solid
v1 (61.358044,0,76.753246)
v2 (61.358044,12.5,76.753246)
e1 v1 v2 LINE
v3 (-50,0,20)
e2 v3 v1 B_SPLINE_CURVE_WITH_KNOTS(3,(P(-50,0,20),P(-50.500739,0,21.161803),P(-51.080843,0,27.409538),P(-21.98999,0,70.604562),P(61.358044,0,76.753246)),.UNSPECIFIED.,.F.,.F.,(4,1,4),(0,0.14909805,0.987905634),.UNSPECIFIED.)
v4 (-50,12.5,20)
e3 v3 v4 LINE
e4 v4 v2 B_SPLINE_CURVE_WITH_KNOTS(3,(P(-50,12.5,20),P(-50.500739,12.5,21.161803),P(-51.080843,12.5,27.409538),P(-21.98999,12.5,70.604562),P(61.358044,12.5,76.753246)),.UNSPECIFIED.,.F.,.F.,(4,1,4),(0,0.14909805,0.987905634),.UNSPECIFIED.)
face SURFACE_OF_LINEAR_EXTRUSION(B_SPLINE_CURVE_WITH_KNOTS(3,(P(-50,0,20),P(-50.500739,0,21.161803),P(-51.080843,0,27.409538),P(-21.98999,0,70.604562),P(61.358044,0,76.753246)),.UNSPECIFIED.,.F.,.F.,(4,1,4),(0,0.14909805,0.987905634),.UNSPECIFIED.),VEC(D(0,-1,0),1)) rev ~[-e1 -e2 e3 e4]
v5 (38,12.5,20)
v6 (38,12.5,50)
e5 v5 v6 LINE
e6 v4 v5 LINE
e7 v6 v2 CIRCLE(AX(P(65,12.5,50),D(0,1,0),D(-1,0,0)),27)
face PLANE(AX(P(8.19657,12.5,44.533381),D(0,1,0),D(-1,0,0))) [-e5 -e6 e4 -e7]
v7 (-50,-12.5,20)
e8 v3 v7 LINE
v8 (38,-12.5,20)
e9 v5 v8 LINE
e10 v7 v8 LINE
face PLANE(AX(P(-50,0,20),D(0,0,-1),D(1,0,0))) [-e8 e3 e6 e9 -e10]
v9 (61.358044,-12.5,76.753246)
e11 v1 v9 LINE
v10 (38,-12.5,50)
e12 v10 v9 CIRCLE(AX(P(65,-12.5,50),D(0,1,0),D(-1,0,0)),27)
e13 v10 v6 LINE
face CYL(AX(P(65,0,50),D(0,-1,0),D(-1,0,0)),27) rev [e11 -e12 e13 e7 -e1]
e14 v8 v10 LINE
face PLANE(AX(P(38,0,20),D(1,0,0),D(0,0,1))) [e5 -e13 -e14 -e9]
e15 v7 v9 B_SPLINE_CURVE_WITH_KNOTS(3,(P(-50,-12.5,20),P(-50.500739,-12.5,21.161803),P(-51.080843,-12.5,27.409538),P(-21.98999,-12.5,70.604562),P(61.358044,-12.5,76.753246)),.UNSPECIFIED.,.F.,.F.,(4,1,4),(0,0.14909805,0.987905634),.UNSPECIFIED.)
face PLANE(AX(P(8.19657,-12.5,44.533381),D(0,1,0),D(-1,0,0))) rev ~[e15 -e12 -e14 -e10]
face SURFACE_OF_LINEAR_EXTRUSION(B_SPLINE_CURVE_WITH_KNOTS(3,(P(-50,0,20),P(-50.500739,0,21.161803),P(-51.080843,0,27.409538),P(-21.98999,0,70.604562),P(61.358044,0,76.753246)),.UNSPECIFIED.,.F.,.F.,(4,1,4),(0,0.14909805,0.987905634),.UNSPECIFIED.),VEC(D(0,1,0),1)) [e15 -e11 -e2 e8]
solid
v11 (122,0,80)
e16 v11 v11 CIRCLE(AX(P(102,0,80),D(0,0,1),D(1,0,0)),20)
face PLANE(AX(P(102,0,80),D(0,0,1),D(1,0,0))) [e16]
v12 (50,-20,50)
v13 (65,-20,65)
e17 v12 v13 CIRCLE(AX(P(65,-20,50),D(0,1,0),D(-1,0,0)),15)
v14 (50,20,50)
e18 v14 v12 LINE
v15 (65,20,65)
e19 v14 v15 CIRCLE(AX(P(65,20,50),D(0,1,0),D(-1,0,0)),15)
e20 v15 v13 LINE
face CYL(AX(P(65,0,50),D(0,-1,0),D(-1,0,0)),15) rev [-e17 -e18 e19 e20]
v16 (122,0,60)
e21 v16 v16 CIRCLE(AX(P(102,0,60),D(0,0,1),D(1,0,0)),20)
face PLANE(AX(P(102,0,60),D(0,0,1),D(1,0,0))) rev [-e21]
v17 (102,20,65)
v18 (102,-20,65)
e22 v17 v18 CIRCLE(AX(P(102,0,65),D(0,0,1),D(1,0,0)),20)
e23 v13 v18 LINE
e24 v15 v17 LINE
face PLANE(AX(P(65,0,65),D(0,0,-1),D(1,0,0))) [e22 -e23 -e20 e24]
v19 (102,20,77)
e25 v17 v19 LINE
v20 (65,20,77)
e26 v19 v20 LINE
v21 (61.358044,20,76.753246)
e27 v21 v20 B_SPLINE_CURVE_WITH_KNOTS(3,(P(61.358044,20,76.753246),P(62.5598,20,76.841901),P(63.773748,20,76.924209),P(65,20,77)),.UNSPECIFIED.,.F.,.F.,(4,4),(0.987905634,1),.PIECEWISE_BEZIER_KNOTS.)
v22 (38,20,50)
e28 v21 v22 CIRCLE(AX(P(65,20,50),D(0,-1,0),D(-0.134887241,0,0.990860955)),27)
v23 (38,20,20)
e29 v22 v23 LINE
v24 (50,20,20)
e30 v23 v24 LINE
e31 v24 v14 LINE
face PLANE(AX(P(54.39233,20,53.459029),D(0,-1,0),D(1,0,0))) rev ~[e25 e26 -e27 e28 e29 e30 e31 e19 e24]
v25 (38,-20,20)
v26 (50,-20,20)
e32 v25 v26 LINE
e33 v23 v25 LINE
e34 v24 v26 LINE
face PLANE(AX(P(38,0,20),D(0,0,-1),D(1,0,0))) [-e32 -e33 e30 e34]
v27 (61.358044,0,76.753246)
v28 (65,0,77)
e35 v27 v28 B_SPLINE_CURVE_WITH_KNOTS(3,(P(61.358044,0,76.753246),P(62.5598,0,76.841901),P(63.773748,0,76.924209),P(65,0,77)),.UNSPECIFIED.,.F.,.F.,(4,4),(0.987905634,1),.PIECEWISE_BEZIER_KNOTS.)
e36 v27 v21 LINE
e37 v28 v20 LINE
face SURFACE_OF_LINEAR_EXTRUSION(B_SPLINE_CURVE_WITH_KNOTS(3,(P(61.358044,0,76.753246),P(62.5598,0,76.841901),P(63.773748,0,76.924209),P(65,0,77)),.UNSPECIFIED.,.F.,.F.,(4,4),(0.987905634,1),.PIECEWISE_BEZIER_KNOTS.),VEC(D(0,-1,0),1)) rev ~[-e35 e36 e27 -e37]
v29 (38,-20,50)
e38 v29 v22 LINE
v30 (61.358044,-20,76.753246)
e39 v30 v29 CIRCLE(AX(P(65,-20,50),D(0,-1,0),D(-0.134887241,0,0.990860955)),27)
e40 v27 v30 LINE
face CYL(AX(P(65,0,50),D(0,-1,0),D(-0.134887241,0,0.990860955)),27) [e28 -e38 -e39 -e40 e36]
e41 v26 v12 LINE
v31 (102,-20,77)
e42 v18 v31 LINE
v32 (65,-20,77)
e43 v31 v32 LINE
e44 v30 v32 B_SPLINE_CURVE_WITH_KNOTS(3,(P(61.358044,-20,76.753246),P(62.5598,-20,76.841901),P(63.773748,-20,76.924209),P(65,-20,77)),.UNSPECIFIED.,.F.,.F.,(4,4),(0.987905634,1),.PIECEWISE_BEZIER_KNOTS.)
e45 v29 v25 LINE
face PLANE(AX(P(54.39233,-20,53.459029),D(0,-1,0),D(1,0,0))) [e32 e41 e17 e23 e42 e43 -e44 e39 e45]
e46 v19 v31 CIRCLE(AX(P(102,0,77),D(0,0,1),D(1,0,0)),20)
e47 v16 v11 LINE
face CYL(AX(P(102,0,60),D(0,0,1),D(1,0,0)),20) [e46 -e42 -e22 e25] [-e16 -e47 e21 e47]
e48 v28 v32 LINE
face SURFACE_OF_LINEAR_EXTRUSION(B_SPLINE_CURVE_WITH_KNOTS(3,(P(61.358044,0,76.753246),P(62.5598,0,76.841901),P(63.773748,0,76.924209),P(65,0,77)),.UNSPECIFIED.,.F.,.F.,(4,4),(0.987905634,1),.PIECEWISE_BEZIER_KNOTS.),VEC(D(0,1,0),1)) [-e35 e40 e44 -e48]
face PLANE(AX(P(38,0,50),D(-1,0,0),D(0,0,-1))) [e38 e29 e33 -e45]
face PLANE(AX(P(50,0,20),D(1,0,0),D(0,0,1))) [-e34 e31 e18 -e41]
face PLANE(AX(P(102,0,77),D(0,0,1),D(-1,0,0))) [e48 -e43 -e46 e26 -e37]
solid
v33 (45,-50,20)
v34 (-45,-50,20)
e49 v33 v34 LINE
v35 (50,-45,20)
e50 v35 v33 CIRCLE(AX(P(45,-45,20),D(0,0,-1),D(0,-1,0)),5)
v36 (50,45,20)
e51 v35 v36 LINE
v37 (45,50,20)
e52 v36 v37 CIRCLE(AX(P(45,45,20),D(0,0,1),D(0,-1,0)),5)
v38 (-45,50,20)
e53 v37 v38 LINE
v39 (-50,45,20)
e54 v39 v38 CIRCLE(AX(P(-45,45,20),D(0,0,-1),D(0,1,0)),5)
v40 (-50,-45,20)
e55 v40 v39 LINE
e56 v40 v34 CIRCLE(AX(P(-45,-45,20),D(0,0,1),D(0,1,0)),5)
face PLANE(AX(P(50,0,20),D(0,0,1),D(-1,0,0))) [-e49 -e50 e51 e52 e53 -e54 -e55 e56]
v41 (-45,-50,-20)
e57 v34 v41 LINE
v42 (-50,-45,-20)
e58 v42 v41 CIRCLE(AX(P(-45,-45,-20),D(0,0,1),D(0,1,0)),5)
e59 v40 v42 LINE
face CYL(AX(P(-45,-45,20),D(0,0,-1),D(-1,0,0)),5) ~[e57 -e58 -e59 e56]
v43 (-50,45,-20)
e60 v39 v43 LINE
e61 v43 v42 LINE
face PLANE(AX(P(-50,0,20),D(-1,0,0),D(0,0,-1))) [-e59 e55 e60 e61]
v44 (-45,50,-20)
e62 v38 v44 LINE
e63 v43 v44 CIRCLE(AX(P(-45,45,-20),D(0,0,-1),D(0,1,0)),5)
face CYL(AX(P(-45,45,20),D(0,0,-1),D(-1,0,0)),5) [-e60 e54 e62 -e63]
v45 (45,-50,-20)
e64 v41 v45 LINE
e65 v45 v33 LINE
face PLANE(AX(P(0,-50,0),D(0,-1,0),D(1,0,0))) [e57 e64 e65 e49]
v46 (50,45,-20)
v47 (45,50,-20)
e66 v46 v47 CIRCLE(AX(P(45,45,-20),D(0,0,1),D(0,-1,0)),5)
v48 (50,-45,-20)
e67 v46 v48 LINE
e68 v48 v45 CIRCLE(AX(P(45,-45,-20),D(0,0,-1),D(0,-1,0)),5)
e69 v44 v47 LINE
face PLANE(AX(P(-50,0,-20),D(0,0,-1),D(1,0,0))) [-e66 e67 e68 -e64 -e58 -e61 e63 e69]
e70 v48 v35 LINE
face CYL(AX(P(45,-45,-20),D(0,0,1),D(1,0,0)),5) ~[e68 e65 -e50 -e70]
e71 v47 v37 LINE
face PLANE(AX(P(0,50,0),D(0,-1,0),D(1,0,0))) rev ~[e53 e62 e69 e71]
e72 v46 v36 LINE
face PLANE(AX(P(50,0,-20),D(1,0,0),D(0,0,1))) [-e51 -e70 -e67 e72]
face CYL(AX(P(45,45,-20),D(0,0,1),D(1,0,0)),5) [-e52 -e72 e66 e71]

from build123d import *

# Parameters (mm, degrees)
F1_DEPTH = 50
F0_W     = 20
F0_H     = 12
F2_DEPTH = 20
F3_DEPTH = 12.5
F5_R     = 5


with BuildPart() as f1:
    # F0 (on Front) → F1 (new body, symmetric)
    with BuildSketch(Plane.XZ):
        Polygon((38, 20), (-50, 20), (-50, -20), (50, -20), (50, 20), align=None)
    extrude(amount=F1_DEPTH, both=True)

    # F5
    f5_edges = [f1.edges().sort_by_distance(p)[0] for p in [
        (-50, -50, 0),
        (50, -50, 0),
        (50, 50, 0),
        (-50, 50, 0),
    ]]
    fillet(f5_edges, radius=F5_R)


with BuildPart() as f2:
    # F0 (on Front) → F2 (new body, symmetric)
    with BuildSketch(Plane.XZ):
        with BuildLine():
            Line((38, 50), (38, 20))
            Line((38, 20), (50, 20))
            Line((50, 20), (50, 50))
            ThreePointArc((50, 50), (54.3933982822, 60.6066017178), (65, 65))
            Line((65, 65), (82, 65))
            Line((82, 65), (82, 77))
            Line((82, 77), (65, 77))
            add(Edge.make_bspline(
                [(61.3580444875, 76.7532457852), (62.5597999465, 76.8419007216), (63.7737478912, 76.9242092429), (65, 77)],
                knots=[0.9879056344, 0.9879056344, 0.9879056344, 0.9879056344, 1, 1, 1, 1], degree=3))
            ThreePointArc((61.3580444875, 76.7532457852), (44.6612094898, 67.757634994), (38, 50))
        make_face()
        with Locations((92, 71)):
            Rectangle(F0_W, F0_H)
    extrude(amount=F2_DEPTH, both=True)

    # F0 (on Front) → F4 (revolve)
    with BuildSketch(Plane.XZ):
        Polygon((102, 80), (102, 77), (102, 65), (102, 60), (122, 60), (122, 80), align=None)
    revolve(axis=Axis((102, 0, 70), (0, 0, 1)))


with BuildPart() as f3:
    # F0 (on Front) → F3 (new body, symmetric)
    with BuildSketch(Plane.XZ):
        with BuildLine():
            add(Edge.make_bspline(
                [(-50, 20), (-50.5007385187, 21.1618028945), (-51.0808425585, 27.4095380202), (-21.9899896666, 70.6045617), (61.3580444875, 76.7532457852)],
                knots=[0, 0, 0, 0, 0.1490980504, 0.9879056344, 0.9879056344, 0.9879056344, 0.9879056344], degree=3))
            Line((-50, 20), (38, 20))
            Line((38, 20), (38, 50))
            ThreePointArc((38, 50), (44.6612094898, 67.757634994), (61.3580444875, 76.7532457852))
        make_face()
    extrude(amount=F3_DEPTH, both=True)


solid = Compound([f1.part, f2.part, f3.part])
